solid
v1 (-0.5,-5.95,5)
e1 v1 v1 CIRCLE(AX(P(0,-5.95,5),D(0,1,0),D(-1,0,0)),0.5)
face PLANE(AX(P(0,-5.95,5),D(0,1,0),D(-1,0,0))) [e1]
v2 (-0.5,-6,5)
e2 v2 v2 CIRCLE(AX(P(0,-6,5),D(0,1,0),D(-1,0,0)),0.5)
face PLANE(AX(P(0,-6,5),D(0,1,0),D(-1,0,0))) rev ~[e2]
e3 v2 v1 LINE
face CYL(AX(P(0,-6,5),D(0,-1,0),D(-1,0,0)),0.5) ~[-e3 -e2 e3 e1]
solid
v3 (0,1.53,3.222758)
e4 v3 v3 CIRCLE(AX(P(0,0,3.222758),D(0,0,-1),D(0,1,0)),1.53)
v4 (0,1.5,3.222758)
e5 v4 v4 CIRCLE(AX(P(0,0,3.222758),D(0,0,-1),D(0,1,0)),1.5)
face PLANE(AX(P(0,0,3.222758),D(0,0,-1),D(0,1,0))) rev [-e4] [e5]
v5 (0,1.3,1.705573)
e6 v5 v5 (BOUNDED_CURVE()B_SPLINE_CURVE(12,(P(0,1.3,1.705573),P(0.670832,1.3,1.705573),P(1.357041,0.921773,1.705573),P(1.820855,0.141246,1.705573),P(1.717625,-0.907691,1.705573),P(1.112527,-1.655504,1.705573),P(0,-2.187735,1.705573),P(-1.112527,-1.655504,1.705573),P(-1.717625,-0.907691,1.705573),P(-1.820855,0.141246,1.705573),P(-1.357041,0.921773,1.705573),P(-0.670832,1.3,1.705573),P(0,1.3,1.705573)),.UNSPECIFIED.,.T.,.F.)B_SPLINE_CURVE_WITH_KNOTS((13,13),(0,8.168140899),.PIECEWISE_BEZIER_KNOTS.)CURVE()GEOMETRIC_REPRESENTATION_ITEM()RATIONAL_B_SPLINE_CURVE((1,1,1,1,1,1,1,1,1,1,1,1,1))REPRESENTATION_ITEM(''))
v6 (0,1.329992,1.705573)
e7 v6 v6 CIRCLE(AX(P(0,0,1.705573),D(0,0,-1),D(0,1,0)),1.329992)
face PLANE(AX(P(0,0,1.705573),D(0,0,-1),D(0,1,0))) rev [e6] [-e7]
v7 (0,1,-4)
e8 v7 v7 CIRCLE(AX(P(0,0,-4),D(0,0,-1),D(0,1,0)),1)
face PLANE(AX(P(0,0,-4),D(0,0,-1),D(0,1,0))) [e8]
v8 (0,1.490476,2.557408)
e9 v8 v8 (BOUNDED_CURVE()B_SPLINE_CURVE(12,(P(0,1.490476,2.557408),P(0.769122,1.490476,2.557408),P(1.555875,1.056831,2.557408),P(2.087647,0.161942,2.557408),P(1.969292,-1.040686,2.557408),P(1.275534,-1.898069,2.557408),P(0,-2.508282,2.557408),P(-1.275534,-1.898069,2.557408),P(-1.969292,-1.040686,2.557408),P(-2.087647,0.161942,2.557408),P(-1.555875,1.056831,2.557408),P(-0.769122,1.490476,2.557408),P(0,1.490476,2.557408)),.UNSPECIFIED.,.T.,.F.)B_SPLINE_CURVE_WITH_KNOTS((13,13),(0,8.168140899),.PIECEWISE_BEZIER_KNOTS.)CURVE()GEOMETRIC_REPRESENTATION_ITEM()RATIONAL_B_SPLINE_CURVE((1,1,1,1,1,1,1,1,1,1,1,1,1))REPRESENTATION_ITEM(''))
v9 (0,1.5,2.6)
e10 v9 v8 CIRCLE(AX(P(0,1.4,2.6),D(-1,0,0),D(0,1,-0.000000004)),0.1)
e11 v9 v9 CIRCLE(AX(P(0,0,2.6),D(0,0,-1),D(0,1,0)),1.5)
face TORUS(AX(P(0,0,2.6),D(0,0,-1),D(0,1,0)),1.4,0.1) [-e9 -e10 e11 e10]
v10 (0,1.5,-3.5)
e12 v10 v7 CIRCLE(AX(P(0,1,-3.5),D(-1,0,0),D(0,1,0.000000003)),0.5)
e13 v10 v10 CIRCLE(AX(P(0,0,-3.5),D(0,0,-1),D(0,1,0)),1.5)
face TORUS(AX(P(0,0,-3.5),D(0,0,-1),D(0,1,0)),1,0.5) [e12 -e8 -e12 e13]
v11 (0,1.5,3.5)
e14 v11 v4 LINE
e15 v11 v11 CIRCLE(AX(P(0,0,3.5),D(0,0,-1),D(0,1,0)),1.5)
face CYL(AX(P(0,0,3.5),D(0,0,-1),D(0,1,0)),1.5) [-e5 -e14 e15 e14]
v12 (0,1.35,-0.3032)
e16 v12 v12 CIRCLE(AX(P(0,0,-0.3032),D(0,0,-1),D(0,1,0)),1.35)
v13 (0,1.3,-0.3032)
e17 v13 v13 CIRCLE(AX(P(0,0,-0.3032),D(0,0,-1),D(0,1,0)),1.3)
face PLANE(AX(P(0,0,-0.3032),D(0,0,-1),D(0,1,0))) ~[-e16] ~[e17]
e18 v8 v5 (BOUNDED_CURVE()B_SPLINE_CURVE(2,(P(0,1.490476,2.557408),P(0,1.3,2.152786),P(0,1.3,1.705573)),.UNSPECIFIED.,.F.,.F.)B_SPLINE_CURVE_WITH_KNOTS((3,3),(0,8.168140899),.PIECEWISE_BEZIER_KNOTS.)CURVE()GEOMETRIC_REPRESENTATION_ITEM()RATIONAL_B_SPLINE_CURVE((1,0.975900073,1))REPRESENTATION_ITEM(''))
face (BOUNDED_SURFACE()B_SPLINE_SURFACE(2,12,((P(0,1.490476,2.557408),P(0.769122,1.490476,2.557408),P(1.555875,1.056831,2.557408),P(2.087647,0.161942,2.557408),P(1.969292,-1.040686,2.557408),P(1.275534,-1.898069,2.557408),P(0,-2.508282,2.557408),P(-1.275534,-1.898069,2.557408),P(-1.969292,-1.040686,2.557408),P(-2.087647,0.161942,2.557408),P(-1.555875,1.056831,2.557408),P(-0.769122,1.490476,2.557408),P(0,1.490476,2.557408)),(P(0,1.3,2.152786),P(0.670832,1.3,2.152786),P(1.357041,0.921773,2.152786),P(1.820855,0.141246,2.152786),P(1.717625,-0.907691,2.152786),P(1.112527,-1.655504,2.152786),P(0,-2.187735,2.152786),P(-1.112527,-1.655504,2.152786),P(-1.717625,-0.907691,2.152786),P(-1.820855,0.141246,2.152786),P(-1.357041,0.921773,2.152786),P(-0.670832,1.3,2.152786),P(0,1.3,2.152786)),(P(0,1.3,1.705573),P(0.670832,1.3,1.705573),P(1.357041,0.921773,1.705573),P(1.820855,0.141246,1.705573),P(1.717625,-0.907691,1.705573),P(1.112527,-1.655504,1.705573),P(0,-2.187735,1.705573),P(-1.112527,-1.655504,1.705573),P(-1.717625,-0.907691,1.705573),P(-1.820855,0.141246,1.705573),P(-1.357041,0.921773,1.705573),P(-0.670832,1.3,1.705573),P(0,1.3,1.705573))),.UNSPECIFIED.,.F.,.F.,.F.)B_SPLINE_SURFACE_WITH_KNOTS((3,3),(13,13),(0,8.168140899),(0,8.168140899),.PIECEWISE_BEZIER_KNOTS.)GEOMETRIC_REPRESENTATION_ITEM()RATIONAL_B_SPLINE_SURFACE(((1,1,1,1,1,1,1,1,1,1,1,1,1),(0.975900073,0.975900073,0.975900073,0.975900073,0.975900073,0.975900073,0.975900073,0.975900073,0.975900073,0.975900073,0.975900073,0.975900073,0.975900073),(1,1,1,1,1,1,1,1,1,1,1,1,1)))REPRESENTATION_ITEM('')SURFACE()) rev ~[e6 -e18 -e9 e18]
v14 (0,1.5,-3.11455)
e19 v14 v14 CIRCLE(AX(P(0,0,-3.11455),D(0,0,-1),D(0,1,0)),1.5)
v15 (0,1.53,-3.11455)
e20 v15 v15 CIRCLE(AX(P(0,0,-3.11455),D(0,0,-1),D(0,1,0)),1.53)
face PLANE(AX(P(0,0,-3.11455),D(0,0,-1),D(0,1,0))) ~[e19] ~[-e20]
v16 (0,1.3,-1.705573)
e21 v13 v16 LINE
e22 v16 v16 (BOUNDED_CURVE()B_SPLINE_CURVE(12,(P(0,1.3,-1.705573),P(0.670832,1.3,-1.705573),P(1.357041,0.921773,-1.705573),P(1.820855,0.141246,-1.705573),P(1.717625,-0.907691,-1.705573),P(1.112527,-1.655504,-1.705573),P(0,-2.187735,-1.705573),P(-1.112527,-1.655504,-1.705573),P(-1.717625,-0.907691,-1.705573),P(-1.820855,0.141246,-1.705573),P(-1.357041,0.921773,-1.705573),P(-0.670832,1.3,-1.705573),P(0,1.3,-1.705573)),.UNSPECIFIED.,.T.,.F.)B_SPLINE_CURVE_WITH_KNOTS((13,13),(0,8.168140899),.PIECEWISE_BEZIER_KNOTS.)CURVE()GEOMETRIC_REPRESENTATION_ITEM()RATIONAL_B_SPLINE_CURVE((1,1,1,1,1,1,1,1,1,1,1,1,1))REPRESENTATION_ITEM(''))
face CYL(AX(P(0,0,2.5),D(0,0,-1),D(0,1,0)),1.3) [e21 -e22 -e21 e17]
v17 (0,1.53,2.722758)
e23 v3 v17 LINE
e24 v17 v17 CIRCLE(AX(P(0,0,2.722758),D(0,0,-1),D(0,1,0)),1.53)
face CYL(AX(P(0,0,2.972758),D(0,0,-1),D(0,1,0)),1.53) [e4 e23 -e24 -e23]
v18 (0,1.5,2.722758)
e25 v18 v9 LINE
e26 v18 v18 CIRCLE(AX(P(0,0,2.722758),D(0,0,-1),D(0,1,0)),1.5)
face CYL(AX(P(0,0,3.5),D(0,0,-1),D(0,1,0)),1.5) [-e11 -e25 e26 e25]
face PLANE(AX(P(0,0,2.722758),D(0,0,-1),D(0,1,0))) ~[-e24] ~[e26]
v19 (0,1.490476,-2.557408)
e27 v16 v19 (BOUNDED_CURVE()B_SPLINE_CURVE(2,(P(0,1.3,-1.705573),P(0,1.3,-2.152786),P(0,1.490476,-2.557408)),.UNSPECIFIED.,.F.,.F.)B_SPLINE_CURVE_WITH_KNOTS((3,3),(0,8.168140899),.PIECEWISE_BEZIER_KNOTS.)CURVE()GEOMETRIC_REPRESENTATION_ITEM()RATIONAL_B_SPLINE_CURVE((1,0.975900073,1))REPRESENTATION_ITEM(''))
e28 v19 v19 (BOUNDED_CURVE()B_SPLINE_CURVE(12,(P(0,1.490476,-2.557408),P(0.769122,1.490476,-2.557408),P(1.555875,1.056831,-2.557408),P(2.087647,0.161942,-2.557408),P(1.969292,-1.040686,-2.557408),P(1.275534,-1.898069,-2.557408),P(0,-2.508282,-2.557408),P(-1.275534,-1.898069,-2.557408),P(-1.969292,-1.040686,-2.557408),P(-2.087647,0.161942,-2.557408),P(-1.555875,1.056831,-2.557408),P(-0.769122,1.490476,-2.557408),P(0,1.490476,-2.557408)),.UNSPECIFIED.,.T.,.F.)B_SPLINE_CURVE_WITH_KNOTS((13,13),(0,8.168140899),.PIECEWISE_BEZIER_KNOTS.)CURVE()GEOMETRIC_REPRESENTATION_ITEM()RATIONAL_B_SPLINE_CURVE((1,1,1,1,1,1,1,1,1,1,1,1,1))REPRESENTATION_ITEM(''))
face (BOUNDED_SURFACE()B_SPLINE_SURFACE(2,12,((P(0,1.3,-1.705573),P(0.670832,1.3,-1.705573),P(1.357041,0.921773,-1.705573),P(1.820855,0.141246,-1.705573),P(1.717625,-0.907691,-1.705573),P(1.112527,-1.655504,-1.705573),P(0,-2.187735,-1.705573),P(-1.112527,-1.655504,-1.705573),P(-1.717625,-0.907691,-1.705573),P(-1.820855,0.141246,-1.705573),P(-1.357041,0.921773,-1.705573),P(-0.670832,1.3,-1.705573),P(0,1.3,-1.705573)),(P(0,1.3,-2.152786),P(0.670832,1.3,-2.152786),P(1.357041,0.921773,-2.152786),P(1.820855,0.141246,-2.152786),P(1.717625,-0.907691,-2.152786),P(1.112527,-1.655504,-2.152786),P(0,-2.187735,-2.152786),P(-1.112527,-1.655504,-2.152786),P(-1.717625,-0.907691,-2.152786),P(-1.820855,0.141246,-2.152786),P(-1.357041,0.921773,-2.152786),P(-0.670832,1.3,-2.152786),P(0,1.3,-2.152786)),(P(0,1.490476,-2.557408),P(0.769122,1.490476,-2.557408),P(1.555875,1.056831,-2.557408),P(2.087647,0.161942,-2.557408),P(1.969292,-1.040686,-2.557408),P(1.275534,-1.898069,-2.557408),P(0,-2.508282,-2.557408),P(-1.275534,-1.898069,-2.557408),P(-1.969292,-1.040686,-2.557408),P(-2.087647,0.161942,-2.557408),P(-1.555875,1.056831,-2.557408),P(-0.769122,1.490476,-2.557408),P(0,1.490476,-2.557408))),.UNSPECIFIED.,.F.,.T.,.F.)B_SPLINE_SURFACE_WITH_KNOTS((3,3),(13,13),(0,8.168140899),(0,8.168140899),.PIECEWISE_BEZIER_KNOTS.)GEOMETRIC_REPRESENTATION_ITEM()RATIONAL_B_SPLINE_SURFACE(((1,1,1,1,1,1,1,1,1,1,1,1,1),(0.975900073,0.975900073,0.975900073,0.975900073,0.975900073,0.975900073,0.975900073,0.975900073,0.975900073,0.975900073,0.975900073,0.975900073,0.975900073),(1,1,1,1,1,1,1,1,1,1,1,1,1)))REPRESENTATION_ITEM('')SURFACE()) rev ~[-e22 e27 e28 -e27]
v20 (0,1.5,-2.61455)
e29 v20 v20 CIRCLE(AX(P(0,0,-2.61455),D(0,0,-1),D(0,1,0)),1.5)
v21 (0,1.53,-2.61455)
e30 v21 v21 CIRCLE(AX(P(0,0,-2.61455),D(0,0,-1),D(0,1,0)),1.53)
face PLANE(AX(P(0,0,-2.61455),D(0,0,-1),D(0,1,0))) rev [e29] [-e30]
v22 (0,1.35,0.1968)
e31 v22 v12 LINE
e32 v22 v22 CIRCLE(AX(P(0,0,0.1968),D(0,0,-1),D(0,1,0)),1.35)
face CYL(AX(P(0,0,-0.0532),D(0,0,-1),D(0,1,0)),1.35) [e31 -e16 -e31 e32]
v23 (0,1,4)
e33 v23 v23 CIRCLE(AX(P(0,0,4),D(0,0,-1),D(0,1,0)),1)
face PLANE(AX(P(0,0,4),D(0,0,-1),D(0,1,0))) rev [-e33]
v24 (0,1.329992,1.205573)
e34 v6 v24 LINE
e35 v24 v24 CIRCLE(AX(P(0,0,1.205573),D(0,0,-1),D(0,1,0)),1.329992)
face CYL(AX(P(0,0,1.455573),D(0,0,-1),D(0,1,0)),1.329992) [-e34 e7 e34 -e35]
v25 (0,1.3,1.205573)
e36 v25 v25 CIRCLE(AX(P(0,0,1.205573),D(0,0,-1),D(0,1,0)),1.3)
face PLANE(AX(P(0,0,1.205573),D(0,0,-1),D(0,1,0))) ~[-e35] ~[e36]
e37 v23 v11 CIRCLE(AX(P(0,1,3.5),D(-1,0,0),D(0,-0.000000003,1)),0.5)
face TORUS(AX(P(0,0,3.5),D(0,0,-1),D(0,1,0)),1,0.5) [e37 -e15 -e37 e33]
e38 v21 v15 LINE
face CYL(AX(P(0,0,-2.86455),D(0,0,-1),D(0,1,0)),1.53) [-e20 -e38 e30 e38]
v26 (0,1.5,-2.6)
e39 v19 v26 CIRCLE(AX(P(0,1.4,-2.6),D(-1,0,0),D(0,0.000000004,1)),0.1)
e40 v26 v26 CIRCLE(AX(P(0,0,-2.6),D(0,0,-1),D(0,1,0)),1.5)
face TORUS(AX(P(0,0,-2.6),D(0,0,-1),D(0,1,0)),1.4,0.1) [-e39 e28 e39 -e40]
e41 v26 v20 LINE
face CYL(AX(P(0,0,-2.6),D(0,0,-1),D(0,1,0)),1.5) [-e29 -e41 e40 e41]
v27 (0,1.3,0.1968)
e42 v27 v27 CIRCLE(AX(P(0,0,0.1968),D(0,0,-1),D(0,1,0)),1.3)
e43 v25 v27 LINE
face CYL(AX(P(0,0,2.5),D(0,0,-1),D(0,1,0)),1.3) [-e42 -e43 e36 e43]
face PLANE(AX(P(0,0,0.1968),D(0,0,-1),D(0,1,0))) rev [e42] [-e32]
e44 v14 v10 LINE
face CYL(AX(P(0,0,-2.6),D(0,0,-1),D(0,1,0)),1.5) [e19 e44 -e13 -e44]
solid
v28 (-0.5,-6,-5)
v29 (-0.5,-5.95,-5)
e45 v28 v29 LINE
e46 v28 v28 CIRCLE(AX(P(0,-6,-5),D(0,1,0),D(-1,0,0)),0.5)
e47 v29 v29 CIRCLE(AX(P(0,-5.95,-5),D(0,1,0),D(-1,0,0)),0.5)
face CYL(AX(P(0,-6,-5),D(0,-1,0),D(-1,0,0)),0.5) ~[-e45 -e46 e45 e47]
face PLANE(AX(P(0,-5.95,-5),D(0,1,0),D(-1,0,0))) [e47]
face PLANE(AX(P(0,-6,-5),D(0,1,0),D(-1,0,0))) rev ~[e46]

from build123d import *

# Parameters (mm, degrees)
FILLET1_R           = 2
SKETCH2_W           = 0.5
SKETCH2_H           = 0.029991608
SKETCH3_W           = 0.5
SKETCH3_H           = 0.05
SKETCH4_W           = 0.5
SKETCH4_H           = 0.03
SKETCH5_W           = 0.5
SKETCH5_H           = 0.03
SKETCH12_R          = 0.5
BOSS_EXTRUDE1_DEPTH = 0.05
SKETCH7_R           = 0.5
BOSS_EXTRUDE2_DEPTH = 0.05


with BuildPart() as part:
    # Sketch1 → Revolve1 (revolve)
    with BuildSketch(Plane(origin=(0, 0, 0), x_dir=(0, 0, -1), z_dir=(1, 0, 0))):
        with BuildLine():
            Line((2.6, 1.5), (3.5, 1.5))
            ThreePointArc((3.5, 1.5), (3.853553391, 1.353553391), (4, 1))
            Line((4, 1), (4, 0))
            Line((4, 0), (-4, 0))
            Line((-4, 0), (-4, 1))
            ThreePointArc((-4, 1), (-3.853553391, 1.353553391), (-3.5, 1.5))
            Line((-3.5, 1.5), (-2.6, 1.5))
            ThreePointArc((-2.6, 1.5), (-2.529289322, 1.470710678), (-2.5, 1.4))
            Line((-2.5, 1.4), (-2.5, 1.3))
            Line((-2.5, 1.3), (2.5, 1.3))
            Line((2.5, 1.3), (2.5, 1.4))
            ThreePointArc((2.5, 1.4), (2.529289322, 1.470710678), (2.6, 1.5))
        make_face()
    revolve(axis=Axis((0, 0, 30.94688027), (0, 0, -1)))

    # Fillet1
    fillet1_edges = [part.edges().sort_by_distance(p)[0] for p in [
        (0, -1.3, -2.5),
        (0, -1.3, 2.5),
    ]]
    fillet(fillet1_edges, radius=FILLET1_R)

    # Sketch2 → Revolve2 (revolve)
    with BuildSketch(Plane(origin=(0, 0, 0), x_dir=(0, 0, -1), z_dir=(1, 0, 0))):
        with Locations((-1.455572809, 1.314995804)):
            Rectangle(SKETCH2_W, SKETCH2_H)
    revolve(axis=Axis((0, 0, 2.184724067), (0, 0, -1)))

    # Sketch3 → Revolve3 (revolve)
    with BuildSketch(Plane(origin=(0, 0, 0), x_dir=(0, 0, -1), z_dir=(1, 0, 0))):
        with Locations((0.053199548, 1.325)):
            Rectangle(SKETCH3_W, SKETCH3_H)
    revolve(axis=Axis((0, 0, 0.48939527), (0, 0, -1)))

    # Sketch4 → Revolve4 (revolve)
    with BuildSketch(Plane(origin=(0, 0, 0), x_dir=(0, 0, -1), z_dir=(1, 0, 0))):
        with Locations((-2.972757668, 1.515)):
            Rectangle(SKETCH4_W, SKETCH4_H)
    revolve(axis=Axis((0, 0, 0.449237838), (0, 0, -1)))

    # Sketch5 → Revolve5 (revolve)
    with BuildSketch(Plane(origin=(0, 0, 0), x_dir=(0, 0, -1), z_dir=(1, 0, 0))):
        with Locations((2.864549609, 1.515)):
            Rectangle(SKETCH5_W, SKETCH5_H)
    revolve(axis=Axis((0, 0, 0.313399994), (0, 0, -1)))


with BuildPart() as body_2:
    # Sketch12 → Boss-Extrude1 (new body)
    with BuildSketch(Plane(origin=(0, -6, 0), x_dir=(-1, 0, 0), z_dir=(0, 1, 0))):
        with Locations((0, -5)):
            Circle(SKETCH12_R)
    extrude(amount=BOSS_EXTRUDE1_DEPTH)


with BuildPart() as body_3:
    # Sketch7 → Boss-Extrude2 (new body)
    with BuildSketch(Plane(origin=(0, -6, 0), x_dir=(-1, 0, 0), z_dir=(0, 1, 0))):
        with Locations((0, 5)):
            Circle(SKETCH7_R)
    extrude(amount=BOSS_EXTRUDE2_DEPTH)


solid = Compound([part.part, body_2.part, body_3.part])
